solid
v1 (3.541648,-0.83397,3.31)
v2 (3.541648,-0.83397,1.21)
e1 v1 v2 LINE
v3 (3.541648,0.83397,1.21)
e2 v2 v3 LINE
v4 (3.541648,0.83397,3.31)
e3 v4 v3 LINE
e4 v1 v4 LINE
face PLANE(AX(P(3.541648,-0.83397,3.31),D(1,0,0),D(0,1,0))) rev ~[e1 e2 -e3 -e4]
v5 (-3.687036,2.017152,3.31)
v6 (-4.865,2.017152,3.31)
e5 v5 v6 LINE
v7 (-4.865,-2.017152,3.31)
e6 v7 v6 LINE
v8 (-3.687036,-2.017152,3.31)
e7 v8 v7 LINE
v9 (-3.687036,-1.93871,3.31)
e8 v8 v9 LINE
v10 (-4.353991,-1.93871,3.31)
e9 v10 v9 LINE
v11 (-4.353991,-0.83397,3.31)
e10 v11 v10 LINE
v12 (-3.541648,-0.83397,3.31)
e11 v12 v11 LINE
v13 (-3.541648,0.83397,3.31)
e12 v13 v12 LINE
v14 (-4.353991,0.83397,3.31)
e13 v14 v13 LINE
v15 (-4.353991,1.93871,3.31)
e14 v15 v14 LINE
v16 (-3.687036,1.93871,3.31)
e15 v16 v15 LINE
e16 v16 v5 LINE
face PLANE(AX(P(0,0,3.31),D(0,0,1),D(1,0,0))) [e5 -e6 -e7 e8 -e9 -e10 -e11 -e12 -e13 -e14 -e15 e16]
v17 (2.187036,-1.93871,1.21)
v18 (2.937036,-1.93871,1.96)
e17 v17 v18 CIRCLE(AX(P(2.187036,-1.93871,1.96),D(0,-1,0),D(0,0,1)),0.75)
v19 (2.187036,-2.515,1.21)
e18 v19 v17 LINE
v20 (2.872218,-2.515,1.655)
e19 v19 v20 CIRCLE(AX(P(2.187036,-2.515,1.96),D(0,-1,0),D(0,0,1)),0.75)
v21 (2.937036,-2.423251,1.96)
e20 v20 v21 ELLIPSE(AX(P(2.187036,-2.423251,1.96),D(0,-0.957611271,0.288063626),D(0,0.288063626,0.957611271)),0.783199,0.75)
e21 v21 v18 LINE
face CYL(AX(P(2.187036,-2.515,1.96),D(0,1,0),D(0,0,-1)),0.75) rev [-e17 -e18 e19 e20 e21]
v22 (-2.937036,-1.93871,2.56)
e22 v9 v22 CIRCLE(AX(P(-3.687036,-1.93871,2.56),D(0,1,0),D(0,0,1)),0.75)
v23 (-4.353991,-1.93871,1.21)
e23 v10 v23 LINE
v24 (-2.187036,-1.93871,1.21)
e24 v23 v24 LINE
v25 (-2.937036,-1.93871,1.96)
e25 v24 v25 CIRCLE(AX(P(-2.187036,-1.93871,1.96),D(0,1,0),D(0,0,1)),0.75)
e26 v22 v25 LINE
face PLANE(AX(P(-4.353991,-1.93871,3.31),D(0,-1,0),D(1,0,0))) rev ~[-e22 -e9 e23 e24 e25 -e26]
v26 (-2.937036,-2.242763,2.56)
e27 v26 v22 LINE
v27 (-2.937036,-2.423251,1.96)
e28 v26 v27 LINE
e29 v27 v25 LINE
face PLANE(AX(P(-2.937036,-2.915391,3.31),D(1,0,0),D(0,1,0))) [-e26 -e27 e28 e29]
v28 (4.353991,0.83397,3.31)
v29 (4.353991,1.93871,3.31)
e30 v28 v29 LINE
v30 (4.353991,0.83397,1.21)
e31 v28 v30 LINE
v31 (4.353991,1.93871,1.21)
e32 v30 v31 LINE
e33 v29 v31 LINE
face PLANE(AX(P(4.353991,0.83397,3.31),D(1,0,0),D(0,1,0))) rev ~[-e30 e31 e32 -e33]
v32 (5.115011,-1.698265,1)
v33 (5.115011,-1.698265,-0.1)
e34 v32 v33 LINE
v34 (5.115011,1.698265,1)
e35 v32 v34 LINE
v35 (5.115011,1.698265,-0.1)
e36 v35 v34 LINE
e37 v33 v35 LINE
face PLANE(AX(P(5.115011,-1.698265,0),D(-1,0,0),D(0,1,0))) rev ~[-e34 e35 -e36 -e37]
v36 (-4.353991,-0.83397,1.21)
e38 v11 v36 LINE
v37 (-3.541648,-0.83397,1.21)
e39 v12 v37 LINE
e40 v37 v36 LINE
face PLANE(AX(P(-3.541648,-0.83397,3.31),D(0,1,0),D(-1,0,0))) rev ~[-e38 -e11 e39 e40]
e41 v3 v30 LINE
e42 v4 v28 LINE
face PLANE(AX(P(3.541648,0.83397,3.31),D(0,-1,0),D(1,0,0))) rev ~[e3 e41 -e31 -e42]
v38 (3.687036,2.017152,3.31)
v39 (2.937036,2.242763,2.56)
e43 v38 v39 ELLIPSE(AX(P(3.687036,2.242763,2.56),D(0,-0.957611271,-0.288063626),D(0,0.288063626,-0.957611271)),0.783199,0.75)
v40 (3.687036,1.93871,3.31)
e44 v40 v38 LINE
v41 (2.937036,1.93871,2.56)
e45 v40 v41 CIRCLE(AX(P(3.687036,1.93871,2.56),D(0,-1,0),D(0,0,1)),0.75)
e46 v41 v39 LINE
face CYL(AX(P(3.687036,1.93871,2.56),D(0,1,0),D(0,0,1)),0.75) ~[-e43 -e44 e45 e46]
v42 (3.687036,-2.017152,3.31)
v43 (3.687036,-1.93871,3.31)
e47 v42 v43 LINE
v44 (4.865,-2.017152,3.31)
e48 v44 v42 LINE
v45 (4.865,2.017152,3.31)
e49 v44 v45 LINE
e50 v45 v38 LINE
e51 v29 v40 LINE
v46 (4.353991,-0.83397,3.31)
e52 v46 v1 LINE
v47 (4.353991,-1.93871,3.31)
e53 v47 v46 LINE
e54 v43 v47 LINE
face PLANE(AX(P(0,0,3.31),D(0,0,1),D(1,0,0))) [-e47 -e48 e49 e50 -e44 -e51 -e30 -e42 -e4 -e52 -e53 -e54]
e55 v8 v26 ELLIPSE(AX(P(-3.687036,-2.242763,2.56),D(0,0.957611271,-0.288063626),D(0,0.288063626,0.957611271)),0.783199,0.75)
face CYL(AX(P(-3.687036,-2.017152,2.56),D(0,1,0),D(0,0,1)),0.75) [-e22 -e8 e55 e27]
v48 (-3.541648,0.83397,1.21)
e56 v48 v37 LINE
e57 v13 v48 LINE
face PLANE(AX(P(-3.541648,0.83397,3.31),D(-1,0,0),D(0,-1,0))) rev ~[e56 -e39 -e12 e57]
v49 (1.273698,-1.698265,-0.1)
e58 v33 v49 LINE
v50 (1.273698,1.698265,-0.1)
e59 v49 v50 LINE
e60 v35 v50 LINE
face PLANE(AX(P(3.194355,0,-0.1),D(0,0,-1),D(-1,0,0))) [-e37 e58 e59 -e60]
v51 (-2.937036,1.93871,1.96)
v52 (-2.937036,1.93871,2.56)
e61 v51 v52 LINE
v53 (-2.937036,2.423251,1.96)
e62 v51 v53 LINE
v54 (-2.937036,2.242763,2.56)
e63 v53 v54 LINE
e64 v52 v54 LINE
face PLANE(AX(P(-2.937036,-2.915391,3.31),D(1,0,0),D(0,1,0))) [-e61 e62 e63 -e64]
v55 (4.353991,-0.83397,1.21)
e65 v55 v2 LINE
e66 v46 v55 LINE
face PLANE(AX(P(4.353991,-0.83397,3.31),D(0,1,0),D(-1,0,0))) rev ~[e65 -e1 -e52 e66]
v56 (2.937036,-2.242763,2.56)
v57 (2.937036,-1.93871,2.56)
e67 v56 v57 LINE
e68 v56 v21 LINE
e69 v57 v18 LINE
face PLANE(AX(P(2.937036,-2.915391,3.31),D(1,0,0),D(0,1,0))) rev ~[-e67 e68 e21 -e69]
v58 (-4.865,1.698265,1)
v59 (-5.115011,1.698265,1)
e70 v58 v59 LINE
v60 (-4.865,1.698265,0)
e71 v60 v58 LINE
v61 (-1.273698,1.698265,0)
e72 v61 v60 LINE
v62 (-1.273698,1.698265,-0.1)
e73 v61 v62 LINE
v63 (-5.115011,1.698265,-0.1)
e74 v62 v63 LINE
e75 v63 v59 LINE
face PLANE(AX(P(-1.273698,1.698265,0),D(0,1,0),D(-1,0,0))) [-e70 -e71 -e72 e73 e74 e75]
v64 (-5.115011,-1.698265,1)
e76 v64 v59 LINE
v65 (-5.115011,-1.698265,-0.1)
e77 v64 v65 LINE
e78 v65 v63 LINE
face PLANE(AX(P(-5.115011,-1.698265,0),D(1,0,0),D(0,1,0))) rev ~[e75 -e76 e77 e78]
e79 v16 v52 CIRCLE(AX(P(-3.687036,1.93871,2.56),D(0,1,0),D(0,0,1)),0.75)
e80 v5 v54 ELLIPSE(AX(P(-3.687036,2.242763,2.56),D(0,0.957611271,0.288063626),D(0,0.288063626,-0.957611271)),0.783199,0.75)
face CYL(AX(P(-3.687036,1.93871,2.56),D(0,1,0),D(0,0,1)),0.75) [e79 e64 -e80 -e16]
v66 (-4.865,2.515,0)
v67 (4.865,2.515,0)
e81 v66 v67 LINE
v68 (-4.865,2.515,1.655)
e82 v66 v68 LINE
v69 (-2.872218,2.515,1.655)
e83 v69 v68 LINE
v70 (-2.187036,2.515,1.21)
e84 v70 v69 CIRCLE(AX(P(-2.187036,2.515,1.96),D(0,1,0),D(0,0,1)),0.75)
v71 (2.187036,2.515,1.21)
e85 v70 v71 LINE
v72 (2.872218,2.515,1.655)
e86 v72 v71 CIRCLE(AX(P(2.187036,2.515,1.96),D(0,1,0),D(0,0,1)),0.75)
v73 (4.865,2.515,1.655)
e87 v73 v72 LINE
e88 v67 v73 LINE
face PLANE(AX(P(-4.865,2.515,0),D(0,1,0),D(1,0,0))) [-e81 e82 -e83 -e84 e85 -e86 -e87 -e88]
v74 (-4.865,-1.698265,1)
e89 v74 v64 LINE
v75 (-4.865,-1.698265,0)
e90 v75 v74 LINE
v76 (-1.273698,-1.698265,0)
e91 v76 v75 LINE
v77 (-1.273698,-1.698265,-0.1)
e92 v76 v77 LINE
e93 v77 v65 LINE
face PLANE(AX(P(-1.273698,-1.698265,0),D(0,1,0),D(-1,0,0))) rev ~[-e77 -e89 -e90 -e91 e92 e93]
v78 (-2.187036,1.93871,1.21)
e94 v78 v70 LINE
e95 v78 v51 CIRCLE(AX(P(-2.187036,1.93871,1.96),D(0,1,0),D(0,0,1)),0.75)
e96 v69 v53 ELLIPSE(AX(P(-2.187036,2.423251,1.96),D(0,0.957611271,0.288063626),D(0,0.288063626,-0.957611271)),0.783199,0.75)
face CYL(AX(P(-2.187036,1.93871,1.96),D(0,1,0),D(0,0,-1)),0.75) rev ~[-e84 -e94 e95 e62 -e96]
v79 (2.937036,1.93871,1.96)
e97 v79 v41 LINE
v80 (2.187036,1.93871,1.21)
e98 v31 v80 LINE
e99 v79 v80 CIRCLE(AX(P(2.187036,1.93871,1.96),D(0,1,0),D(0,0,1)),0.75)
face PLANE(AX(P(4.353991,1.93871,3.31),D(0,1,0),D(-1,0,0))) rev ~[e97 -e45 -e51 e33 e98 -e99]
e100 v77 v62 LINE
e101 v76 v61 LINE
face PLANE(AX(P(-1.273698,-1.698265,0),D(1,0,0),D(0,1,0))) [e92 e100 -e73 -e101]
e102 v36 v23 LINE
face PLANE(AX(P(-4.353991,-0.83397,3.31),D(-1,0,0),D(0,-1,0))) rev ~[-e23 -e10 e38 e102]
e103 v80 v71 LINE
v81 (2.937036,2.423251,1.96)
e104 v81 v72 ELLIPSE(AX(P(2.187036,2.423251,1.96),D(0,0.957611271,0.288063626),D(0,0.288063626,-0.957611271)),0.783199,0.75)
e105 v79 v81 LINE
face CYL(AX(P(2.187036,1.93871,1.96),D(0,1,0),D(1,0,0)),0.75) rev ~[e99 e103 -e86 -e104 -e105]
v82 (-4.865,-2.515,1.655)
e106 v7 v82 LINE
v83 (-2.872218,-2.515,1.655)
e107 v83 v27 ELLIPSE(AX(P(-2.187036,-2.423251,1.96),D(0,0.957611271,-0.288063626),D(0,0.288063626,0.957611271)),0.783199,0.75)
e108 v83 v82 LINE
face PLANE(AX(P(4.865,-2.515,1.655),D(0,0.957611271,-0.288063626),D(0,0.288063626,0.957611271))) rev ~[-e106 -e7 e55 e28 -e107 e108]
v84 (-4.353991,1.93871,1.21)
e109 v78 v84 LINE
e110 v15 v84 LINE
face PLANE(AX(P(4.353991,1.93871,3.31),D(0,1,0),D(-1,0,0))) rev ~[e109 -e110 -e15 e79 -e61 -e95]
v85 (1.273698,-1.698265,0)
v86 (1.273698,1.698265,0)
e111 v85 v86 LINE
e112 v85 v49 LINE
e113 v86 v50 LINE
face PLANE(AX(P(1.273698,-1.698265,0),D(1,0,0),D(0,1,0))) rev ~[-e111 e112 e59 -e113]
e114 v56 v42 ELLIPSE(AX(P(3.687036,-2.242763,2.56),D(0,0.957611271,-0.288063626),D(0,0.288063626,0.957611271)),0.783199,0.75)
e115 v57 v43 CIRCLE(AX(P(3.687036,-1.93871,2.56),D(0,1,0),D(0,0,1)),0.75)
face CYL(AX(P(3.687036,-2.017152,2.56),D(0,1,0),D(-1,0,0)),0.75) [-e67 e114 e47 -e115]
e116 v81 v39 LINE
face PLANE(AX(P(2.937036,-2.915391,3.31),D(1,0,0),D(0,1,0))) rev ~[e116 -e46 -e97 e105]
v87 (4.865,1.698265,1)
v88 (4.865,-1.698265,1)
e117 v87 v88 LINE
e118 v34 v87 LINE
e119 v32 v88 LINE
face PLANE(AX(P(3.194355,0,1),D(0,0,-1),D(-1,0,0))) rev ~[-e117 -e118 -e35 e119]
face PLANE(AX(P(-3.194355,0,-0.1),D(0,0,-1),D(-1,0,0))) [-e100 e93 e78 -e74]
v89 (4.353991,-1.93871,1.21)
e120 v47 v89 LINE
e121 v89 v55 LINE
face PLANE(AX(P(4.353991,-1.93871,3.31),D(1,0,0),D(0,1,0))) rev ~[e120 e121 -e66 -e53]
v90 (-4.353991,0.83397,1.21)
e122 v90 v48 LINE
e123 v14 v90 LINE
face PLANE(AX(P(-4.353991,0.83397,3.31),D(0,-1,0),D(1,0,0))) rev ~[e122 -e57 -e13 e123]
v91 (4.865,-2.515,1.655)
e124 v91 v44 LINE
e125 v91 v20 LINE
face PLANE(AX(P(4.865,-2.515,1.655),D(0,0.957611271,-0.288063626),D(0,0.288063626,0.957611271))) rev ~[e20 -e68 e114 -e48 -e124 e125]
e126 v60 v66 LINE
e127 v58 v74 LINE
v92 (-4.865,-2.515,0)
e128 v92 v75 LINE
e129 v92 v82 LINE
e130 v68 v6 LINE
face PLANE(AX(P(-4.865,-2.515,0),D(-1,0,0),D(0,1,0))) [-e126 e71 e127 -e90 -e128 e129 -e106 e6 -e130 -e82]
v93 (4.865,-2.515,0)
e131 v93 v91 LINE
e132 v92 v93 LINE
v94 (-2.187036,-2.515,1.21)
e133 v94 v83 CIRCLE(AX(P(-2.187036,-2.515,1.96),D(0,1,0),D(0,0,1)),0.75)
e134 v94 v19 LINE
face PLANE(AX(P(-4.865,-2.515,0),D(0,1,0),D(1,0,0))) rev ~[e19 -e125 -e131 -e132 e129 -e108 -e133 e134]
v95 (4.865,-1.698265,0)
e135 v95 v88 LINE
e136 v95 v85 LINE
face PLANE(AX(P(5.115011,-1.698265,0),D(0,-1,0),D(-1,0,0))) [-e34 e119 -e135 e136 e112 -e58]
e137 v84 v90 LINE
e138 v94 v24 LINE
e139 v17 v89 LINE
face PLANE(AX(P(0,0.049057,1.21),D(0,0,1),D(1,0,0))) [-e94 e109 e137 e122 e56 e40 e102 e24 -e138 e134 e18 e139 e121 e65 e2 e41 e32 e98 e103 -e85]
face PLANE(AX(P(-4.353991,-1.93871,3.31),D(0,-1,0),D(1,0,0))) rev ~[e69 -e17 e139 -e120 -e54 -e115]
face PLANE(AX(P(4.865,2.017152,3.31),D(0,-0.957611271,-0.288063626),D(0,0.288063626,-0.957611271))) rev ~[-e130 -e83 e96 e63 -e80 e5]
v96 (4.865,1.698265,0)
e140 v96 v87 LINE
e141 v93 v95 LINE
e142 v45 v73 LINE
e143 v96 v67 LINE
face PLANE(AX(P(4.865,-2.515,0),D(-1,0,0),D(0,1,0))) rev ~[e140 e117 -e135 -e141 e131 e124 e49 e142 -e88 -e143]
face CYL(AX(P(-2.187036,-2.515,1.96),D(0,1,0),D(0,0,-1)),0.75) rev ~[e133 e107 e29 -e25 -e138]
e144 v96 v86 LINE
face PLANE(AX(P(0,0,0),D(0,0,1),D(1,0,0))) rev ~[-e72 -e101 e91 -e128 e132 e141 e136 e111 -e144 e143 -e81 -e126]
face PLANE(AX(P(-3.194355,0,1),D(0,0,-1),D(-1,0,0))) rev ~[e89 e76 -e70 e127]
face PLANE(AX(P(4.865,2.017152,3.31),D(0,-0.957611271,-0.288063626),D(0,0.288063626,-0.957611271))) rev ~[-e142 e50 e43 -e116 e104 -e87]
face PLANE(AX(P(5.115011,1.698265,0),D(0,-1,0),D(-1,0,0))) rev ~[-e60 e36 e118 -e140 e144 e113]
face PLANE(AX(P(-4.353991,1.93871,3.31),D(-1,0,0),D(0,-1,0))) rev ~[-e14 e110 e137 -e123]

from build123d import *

# Parameters (mm, degrees)
ESQUISSE1_W             = 9.73
ESQUISSE1_H             = 5.03
BOSS_EXTRU_1_DEPTH      = 3.31
ESQUISSE3_W             = 3.841312789
ESQUISSE3_H             = 3.396529204
BOSS_EXTRU_2_DEPTH      = 0.1
BOSS_EXTRU_2_DEPTH_BACK = 1
ENL_V_MAT_EXTRU_1_DEPTH = 10.98001124
ESQUISSE5_W             = 5.874071128
ESQUISSE5_H             = 5.928896842
ENL_V_MAT_EXTRU_2_DEPTH = 2.1
ENL_V_MAT_EXTRU_4_DEPTH = 2.1
CONG_1_R                = 0.75
CONG_2_R                = 0.75


with BuildPart() as part:
    # Esquisse1 → Boss.-Extru.1 (new body)
    with BuildSketch(Plane.XY):
        Rectangle(ESQUISSE1_W, ESQUISSE1_H)
    extrude(amount=BOSS_EXTRU_1_DEPTH)

    # Esquisse3 → Boss.-Extru.2 (add, two sides)
    with BuildSketch(Plane(origin=(0, 0, 0), x_dir=(-1, 0, 0), z_dir=(0, 0, -1))) as boss_extru_2_sk:
        with Locations((-3.194354846, 0)):
            Rectangle(ESQUISSE3_W, ESQUISSE3_H)
        with Locations((3.194354846, 0)):
            Rectangle(ESQUISSE3_W, ESQUISSE3_H)
    extrude(amount=BOSS_EXTRU_2_DEPTH)
    extrude(boss_extru_2_sk.sketch, amount=-BOSS_EXTRU_2_DEPTH_BACK)

    # Esquisse4 → Enlèv. mat.-Extru.1 (cut, through all)
    with BuildSketch(Plane(origin=(4.865, 0, 0), x_dir=(0, 0, -1), z_dir=(1, 0, 0))):
        Polygon((-1.655, -2.515), (-3.31, -2.017151535), (-3.31, 2.017151535), (-1.655, 2.515), (-1.655, 2.602439027), (-3.426184741, 2.639019495), (-3.454926537, -2.688664416), (-1.655, -2.688664416), align=None)
    extrude(amount=-ENL_V_MAT_EXTRU_1_DEPTH, mode=Mode.SUBTRACT)

    # Esquisse5 → Enlèv. mat.-Extru.2 (cut)
    with BuildSketch(Plane.XY.offset(3.31)):
        with Locations((0, 0.049057066)):
            Rectangle(ESQUISSE5_W, ESQUISSE5_H)
    extrude(amount=-ENL_V_MAT_EXTRU_2_DEPTH, mode=Mode.SUBTRACT)

    # Esquisse6 → Enlèv. mat.-Extru.4 (cut)
    with BuildSketch(Plane.XY.offset(3.31)):
        Polygon((-2.937035564, 1.938709767), (-2.937035564, -1.938709767), (4.353991242, -1.938709767), (4.353991242, -0.833970123), (3.541647976, -0.833970123), (3.541647976, 0.833970123), (4.353991242, 0.833970123), (4.353991242, 1.938709767), align=None)
        Polygon((-4.353991242, -0.833970123), (-4.353991242, -1.938709767), (-2.937035564, -1.938709767), (-2.937035564, 1.938709767), (-4.353991242, 1.938709767), (-4.353991242, 0.833970123), (-3.541647976, 0.833970123), (-3.541647976, -0.833970123), align=None)
    extrude(amount=-ENL_V_MAT_EXTRU_4_DEPTH, mode=Mode.SUBTRACT)

    # Congé1
    cong_1_edges = [part.edges().sort_by_distance(p)[0] for p in [
        (-2.937035564, 2.226854883, 1.21),
        (2.937035564, 2.226854883, 1.21),
        (2.937035564, -2.226854883, 1.21),
        (-2.937035564, -2.226854883, 1.21),
    ]]
    fillet(cong_1_edges, radius=CONG_1_R)

    # Congé2
    cong_2_edges = [part.edges().sort_by_distance(p)[0] for p in [
        (2.937035564, 1.977930651, 3.31),
        (-2.937035564, -1.977930651, 3.31),
        (-2.937035564, 1.977930651, 3.31),
        (2.937035564, -1.977930651, 3.31),
    ]]
    fillet(cong_2_edges, radius=CONG_2_R)


solid = part.part
